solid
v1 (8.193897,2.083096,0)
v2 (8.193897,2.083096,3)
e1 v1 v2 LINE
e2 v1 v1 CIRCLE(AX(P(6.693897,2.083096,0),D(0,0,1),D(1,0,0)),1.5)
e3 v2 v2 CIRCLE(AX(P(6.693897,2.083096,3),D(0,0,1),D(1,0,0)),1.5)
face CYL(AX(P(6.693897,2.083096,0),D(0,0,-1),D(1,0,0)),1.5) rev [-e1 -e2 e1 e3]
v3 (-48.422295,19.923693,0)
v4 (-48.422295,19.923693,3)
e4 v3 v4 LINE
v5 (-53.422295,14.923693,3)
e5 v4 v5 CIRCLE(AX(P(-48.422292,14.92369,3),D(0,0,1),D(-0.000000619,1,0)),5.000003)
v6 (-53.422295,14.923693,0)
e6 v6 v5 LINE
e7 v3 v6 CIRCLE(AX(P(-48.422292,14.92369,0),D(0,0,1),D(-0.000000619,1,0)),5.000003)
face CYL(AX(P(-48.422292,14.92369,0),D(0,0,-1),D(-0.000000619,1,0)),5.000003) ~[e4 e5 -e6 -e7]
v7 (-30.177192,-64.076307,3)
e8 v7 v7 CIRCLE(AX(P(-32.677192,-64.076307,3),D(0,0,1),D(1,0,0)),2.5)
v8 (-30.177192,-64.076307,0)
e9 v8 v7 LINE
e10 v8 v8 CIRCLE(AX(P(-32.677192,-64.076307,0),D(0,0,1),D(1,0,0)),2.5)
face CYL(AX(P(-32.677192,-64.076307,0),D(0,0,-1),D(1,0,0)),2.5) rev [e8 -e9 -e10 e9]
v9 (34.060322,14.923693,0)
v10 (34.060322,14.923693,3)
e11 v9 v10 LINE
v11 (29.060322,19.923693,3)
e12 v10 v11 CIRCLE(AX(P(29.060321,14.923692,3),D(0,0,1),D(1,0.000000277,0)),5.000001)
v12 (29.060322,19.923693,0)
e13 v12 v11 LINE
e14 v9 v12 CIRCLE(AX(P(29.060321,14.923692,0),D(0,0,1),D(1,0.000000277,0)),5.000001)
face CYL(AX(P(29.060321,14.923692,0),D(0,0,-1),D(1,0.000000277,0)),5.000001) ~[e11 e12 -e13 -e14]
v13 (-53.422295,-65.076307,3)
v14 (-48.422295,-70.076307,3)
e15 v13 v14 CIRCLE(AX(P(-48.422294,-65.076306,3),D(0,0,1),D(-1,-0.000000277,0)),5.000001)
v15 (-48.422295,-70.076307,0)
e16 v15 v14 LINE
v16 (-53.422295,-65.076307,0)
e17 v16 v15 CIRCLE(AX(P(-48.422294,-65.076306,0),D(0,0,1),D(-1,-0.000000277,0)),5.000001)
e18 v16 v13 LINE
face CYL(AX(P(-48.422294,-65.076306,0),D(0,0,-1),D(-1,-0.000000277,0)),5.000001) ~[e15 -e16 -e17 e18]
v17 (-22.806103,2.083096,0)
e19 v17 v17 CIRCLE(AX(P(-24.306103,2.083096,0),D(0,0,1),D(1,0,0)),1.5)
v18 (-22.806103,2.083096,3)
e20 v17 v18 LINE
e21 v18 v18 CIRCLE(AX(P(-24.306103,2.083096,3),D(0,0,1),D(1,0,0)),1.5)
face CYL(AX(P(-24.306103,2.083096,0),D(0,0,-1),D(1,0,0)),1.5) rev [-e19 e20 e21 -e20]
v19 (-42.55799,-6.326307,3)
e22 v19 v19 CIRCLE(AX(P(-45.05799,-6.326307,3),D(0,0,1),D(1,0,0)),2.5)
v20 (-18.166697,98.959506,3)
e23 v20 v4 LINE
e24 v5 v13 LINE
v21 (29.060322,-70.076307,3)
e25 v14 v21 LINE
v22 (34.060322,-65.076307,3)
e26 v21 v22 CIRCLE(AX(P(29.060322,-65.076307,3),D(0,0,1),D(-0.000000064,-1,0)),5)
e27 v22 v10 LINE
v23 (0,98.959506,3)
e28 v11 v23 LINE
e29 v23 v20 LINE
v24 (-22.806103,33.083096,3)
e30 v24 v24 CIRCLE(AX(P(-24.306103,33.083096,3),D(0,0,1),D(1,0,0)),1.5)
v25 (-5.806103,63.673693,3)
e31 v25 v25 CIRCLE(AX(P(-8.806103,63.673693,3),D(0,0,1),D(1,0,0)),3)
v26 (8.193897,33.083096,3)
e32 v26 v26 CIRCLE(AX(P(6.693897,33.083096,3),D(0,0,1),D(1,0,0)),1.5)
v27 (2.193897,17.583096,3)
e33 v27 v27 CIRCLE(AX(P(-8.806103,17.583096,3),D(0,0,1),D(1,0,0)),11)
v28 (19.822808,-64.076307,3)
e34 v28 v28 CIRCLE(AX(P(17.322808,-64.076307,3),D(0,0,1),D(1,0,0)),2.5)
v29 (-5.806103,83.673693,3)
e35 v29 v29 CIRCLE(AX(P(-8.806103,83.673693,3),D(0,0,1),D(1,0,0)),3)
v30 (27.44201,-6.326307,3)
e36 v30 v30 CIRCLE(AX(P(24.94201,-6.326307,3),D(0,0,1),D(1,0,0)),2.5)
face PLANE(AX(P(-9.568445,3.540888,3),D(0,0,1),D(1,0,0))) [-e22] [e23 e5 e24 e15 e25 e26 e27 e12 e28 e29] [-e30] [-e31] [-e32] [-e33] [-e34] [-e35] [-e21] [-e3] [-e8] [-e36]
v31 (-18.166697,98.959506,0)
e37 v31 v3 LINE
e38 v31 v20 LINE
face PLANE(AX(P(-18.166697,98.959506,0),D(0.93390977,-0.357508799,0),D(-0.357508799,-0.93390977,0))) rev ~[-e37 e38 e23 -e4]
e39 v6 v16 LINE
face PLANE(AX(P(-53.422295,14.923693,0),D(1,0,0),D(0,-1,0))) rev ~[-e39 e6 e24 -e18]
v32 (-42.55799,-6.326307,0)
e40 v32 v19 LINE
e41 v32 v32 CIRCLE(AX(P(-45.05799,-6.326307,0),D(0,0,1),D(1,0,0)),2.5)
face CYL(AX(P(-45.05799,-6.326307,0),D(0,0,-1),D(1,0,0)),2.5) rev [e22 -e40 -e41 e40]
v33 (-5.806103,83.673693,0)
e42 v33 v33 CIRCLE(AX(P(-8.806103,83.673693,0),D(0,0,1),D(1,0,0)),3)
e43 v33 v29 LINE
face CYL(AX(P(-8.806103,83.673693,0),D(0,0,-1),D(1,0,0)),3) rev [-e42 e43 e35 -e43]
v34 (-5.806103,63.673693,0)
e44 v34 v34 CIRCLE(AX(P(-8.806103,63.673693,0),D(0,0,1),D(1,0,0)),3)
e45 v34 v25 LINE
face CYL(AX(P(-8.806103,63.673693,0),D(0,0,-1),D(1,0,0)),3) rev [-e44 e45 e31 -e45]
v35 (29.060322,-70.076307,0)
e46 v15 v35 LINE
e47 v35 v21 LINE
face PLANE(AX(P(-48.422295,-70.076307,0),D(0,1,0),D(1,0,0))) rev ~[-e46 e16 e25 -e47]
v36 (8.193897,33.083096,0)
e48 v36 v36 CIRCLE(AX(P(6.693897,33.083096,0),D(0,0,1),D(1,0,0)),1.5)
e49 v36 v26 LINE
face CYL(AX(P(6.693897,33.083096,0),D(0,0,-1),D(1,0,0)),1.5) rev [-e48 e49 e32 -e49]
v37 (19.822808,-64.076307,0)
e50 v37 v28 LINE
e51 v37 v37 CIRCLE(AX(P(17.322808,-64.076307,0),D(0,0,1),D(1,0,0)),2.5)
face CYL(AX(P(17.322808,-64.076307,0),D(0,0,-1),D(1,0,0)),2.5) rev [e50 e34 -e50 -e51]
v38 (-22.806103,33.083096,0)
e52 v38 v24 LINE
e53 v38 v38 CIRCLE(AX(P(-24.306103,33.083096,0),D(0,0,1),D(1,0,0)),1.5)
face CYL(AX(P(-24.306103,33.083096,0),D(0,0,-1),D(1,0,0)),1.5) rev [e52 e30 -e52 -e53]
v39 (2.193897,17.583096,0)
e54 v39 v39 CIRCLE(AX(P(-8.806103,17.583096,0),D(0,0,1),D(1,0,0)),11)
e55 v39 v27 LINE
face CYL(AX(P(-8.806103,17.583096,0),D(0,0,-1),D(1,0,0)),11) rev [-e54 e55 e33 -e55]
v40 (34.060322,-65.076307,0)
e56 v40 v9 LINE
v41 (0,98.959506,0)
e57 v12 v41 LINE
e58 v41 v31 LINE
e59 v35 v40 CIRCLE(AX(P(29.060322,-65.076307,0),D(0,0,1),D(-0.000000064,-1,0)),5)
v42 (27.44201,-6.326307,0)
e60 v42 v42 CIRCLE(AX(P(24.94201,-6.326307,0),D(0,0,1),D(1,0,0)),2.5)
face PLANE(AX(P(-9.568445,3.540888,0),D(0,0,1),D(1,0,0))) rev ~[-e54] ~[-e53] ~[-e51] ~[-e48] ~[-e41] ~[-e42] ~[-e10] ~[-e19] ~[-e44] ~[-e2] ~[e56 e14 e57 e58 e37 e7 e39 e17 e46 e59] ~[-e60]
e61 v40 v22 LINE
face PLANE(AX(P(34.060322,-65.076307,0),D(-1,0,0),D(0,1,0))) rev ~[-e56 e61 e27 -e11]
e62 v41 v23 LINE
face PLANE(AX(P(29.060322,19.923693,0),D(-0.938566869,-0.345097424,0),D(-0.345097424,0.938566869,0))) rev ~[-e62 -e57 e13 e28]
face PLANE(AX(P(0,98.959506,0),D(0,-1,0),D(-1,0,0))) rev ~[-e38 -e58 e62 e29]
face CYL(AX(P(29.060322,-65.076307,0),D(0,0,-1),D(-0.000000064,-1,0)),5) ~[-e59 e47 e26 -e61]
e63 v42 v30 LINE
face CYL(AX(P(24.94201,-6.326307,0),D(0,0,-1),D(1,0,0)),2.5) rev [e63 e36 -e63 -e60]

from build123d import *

# Parameters (mm, degrees)
F0_R     = 2.5
F0_R_2   = 1.5
F0_R_3   = 11
F0_R_4   = 3
F1_DEPTH = 3


with BuildPart() as f1:
    # F0 (on Top) → F1 (new body)
    with BuildSketch(Plane.XY):
        with BuildLine():
            Line((-48.422295, -70.076307), (29.060322, -70.076307))
            ThreePointArc((29.060322, -70.076307), (32.595856, -68.611841), (34.060322, -65.076307))
            Line((34.060322, -65.076307), (34.060322, 14.923693))
            ThreePointArc((34.060322, 14.923693), (32.595856, 18.459226), (29.060322, 19.923693))
            Line((29.060322, 19.923693), (0, 98.959506))
            Line((0, 98.959506), (-18.166697, 98.959506))
            Line((-18.166697, 98.959506), (-48.422295, 19.923693))
            ThreePointArc((-48.422295, 19.923693), (-51.957828, 18.459226), (-53.422295, 14.923693))
            Line((-53.422295, 14.923693), (-53.422295, -65.076307))
            ThreePointArc((-53.422295, -65.076307), (-51.957828, -68.611841), (-48.422295, -70.076307))
        make_face()
        with Locations((-32.677192, -64.076307)):
            Circle(F0_R, mode=Mode.SUBTRACT)
        with Locations((-45.05799, -6.326307)):
            Circle(F0_R, mode=Mode.SUBTRACT)
        with Locations((-24.306103, 2.083096)):
            Circle(F0_R_2, mode=Mode.SUBTRACT)
        with Locations((17.322808, -64.076307)):
            Circle(F0_R, mode=Mode.SUBTRACT)
        with Locations((6.693897, 2.083096)):
            Circle(F0_R_2, mode=Mode.SUBTRACT)
        with Locations((24.94201, -6.326307)):
            Circle(F0_R, mode=Mode.SUBTRACT)
        with Locations((-24.306103, 33.083096)):
            Circle(F0_R_2, mode=Mode.SUBTRACT)
        with Locations((-8.806103, 17.583096)):
            Circle(F0_R_3, mode=Mode.SUBTRACT)
        with Locations((6.693897, 33.083096)):
            Circle(F0_R_2, mode=Mode.SUBTRACT)
        with Locations((-8.806103, 63.673693)):
            Circle(F0_R_4, mode=Mode.SUBTRACT)
        with Locations((-8.806103, 83.673693)):
            Circle(F0_R_4, mode=Mode.SUBTRACT)
    extrude(amount=F1_DEPTH)


solid = f1.part
